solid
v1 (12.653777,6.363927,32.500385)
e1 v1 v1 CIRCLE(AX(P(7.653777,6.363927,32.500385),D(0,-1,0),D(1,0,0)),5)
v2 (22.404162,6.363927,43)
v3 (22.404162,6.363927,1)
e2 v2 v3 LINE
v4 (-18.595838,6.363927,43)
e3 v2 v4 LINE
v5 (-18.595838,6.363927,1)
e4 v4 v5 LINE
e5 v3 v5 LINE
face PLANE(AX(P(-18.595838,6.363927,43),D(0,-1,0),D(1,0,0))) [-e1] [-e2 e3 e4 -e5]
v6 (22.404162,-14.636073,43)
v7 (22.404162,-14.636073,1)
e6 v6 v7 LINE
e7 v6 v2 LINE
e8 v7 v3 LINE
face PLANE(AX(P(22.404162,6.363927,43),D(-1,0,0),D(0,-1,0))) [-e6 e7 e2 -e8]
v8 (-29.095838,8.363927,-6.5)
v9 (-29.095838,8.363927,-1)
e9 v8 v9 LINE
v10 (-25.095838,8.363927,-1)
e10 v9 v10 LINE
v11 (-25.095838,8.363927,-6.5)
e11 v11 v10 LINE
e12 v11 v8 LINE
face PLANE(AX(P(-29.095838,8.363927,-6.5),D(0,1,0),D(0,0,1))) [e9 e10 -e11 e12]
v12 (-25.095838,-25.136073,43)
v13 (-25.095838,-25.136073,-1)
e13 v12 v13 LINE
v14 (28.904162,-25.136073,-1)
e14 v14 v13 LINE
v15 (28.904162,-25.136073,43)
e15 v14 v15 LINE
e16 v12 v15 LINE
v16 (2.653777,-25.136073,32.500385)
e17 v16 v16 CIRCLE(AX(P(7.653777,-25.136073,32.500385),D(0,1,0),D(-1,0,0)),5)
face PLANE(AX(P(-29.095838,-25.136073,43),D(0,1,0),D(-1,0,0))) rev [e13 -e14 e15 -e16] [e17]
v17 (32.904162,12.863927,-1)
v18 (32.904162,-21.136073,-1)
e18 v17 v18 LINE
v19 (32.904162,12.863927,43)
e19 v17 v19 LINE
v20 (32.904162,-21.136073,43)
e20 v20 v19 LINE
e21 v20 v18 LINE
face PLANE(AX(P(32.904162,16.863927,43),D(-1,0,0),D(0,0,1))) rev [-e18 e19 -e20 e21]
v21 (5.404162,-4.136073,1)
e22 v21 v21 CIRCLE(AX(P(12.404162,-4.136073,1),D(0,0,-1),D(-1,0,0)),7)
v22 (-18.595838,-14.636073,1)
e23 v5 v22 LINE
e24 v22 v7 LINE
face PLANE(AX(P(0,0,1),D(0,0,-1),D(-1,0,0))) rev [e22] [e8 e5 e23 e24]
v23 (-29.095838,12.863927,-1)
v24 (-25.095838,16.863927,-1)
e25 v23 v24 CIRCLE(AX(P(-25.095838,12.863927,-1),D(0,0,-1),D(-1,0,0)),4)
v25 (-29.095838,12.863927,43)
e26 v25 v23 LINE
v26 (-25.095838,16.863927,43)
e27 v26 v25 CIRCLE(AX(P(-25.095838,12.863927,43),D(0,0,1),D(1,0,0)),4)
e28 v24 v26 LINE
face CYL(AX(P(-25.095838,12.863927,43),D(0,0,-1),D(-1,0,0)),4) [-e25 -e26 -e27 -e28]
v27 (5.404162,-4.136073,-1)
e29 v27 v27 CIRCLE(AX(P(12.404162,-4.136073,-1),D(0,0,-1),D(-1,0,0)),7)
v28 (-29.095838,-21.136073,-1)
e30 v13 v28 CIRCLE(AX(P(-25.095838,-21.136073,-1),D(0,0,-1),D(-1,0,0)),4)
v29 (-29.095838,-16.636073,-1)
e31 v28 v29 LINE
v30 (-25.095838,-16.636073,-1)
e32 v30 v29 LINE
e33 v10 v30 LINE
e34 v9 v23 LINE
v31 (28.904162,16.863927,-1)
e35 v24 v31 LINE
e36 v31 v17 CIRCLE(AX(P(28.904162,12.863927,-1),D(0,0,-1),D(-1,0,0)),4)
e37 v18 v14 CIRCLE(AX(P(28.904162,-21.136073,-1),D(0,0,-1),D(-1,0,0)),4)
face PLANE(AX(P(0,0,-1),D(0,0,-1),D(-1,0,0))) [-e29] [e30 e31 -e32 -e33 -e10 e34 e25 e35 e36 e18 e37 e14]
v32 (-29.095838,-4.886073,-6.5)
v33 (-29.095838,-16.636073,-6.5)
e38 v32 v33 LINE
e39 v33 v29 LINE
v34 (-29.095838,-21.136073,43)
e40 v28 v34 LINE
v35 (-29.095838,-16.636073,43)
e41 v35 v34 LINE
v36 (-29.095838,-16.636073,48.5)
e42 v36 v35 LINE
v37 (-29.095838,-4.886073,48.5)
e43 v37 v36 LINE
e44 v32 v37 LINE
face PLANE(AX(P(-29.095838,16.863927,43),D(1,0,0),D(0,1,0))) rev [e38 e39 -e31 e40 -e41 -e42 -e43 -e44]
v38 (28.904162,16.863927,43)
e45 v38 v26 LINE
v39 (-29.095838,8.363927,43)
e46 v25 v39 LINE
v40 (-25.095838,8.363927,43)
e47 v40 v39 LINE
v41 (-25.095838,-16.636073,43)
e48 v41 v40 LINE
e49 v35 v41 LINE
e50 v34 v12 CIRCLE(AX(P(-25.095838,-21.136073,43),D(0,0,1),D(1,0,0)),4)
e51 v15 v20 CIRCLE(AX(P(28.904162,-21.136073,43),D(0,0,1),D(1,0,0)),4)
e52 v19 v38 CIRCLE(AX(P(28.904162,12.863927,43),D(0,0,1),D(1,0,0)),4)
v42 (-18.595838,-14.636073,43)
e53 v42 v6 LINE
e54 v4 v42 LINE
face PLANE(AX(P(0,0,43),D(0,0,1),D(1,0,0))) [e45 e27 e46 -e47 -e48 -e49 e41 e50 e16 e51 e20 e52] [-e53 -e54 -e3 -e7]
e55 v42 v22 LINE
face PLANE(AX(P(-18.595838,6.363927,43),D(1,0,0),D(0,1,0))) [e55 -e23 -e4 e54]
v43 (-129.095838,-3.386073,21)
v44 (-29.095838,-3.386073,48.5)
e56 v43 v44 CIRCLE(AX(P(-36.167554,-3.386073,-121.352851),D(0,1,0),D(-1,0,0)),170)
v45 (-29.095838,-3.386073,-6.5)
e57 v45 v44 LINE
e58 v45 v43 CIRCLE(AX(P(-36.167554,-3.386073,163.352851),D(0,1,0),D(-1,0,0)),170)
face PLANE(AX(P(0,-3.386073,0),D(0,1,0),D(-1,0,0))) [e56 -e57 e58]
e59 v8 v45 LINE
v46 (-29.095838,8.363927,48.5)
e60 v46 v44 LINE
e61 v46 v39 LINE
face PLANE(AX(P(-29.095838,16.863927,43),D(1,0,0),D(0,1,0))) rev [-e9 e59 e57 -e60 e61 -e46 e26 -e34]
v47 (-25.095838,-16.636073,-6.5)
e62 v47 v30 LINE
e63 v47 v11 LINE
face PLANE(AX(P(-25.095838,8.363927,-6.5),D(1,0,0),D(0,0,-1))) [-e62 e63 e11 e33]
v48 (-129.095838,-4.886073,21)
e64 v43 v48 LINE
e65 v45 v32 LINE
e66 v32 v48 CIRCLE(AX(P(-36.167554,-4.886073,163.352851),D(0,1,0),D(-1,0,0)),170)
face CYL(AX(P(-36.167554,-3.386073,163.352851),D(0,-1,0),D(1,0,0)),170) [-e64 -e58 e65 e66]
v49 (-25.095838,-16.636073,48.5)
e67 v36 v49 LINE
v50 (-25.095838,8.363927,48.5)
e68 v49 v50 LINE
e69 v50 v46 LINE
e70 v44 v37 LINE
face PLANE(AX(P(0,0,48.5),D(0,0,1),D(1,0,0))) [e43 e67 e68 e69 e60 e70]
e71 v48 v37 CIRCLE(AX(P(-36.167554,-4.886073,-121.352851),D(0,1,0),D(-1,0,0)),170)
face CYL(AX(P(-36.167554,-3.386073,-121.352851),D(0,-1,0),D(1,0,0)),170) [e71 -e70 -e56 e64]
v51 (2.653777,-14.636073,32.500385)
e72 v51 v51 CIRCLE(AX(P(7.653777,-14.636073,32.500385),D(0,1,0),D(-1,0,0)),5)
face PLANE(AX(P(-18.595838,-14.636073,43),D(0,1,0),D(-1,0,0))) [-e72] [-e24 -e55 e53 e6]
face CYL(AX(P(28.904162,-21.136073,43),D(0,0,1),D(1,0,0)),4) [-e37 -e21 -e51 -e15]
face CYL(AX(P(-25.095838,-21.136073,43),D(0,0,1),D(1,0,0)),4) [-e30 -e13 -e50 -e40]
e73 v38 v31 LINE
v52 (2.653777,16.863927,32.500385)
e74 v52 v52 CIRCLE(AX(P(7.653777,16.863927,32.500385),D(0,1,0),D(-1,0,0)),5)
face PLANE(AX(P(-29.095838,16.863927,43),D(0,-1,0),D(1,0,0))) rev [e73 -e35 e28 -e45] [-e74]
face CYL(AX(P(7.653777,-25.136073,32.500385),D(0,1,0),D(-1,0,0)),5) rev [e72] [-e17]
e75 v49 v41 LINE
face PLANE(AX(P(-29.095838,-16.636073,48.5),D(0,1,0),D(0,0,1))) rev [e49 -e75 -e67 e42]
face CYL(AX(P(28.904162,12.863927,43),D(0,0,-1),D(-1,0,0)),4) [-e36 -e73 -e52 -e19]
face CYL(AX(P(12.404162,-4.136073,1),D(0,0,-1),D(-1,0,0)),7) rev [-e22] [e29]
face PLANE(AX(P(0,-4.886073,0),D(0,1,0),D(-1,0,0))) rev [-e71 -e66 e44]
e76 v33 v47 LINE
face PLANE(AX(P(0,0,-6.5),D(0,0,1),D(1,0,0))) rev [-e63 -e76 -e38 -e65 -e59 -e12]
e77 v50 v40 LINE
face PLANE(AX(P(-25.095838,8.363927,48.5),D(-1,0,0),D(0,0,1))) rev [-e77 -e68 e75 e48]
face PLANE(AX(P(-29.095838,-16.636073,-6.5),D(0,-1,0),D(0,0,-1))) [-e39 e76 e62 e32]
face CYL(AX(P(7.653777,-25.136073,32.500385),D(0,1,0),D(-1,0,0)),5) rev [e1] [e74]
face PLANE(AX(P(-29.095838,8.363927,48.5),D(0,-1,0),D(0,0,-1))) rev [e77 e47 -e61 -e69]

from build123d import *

# Parameters (mm, degrees)
SKETCH1_W           = 62
SKETCH1_H           = 42
SKETCH1_W_2         = 41
SKETCH1_H_2         = 21
BOSS_EXTRUDE1_DEPTH = 43
SKETCH2_W           = 4
SKETCH2_H           = 25
BOSS_EXTRUDE2_DEPTH = 5.5
SKETCH_1_R          = 5
CUT_EXTRUDE_1_DEPTH = 42
SKETCH_2_W          = 41
SKETCH_2_H          = 21
SKETCH_2_R          = 7
EXTRUDE_1_DEPTH     = 1
SKETCH_2_3_W        = 62
SKETCH_2_3_H        = 42
SKETCH_2_3_R        = 7
EXTRUDE_2_DEPTH     = 1
FILLET_1_R          = 4
FILLET_2_R          = 4
FILLET_3_R          = 4
FILLET_4_R          = 4
SKETCH2_3_W         = 4
SKETCH2_3_H         = 25
EXTRUDE_3_DEPTH     = 49.5
EXTRUDE_4_DEPTH     = 0.75
EXTRUDE_5_DEPTH     = 0.75


with BuildPart() as part:
    # Sketch1 → Boss-Extrude1 (new body)
    with BuildSketch(Plane.XY):
        with Locations((1.904162196, -4.136072895)):
            Rectangle(SKETCH1_W, SKETCH1_H)
        with Locations((1.904162196, -4.136072895)):
            Rectangle(SKETCH1_W_2, SKETCH1_H_2, mode=Mode.SUBTRACT)
    extrude(amount=BOSS_EXTRUDE1_DEPTH)

    # Sketch2 → Boss-Extrude2 (add)
    with BuildSketch(Plane.XY.offset(43)):
        with Locations((-27.095837804, -4.136072895)):
            Rectangle(SKETCH2_W, SKETCH2_H)
    extrude(amount=BOSS_EXTRUDE2_DEPTH)

    # Sketch 1 → Cut-Extrude 1 (cut)
    with BuildSketch(Plane(origin=(0, 16.863927105, 0), x_dir=(1, 0, 0), z_dir=(0, 1, 0))):
        with Locations((7.653776732, -32.500385465)):
            Circle(SKETCH_1_R)
    extrude(amount=-CUT_EXTRUDE_1_DEPTH, mode=Mode.SUBTRACT)

    # Sketch 2 → Extrude 1 (add)
    with BuildSketch(Plane(origin=(0, 0, 0), x_dir=(-1, 0, 0), z_dir=(0, 0, -1))):
        with Locations((-1.904162196, -4.136072895)):
            Rectangle(SKETCH_2_W, SKETCH_2_H)
        with Locations((-12.404162196, -4.136072895)):
            Circle(SKETCH_2_R, mode=Mode.SUBTRACT)
    extrude(amount=-EXTRUDE_1_DEPTH)

    # Sketch 2_3 → Extrude 2 (add)
    with BuildSketch(Plane(origin=(0, 0, 0), x_dir=(-1, 0, 0), z_dir=(0, 0, -1))):
        with Locations((-1.904162196, -4.136072895)):
            Rectangle(SKETCH_2_3_W, SKETCH_2_3_H)
        with Locations((-12.404162196, -4.136072895)):
            Circle(SKETCH_2_3_R, mode=Mode.SUBTRACT)
    extrude(amount=EXTRUDE_2_DEPTH)

    # Fillet 1
    fillet_1_edges = [part.edges().sort_by_distance(p)[0] for p in [
        (32.904162196, -25.136072895, 21),
    ]]
    fillet(fillet_1_edges, radius=FILLET_1_R)

    # Fillet 2
    fillet_2_edges = [part.edges().sort_by_distance(p)[0] for p in [
        (-29.095837804, -25.136072895, 21),
    ]]
    fillet(fillet_2_edges, radius=FILLET_2_R)

    # Fillet 3
    fillet_3_edges = [part.edges().sort_by_distance(p)[0] for p in [
        (32.904162196, 16.863927105, 21),
    ]]
    fillet(fillet_3_edges, radius=FILLET_3_R)

    # Fillet 4
    fillet_4_edges = [part.edges().sort_by_distance(p)[0] for p in [
        (-29.095837804, 16.863927105, 21),
    ]]
    fillet(fillet_4_edges, radius=FILLET_4_R)

    # Sketch2_3 → Extrude 3 (add)
    with BuildSketch(Plane.XY.offset(43)):
        with Locations((-27.095837804, -4.136072895)):
            Rectangle(SKETCH2_3_W, SKETCH2_3_H)
    extrude(amount=-EXTRUDE_3_DEPTH)

    # Sketch 5 → Extrude 4 (add)
    with BuildSketch(Plane(origin=(0, -4.136072895, 0), x_dir=(1, 0, 0), z_dir=(0, 1, 0))):
        with BuildLine():
            Line((-29.095837804, -21), (-29.095837804, 6.5))
            ThreePointArc((-29.095837804, 6.5), (-81.244156023, 0.562066252), (-129.095837804, -21))
            Line((-129.095837804, -21), (-29.095837804, -21))
        make_face()
        with BuildLine():
            Line((-29.095837804, -48.5), (-29.095837804, -21))
            Line((-29.095837804, -21), (-129.095837804, -21))
            ThreePointArc((-129.095837804, -21), (-81.244156023, -42.562066252), (-29.095837804, -48.5))
        make_face()
    extrude(amount=EXTRUDE_4_DEPTH)

    # Sketch 5_3 → Extrude 5 (add)
    with BuildSketch(Plane(origin=(0, -4.136072895, 0), x_dir=(1, 0, 0), z_dir=(0, 1, 0))):
        with BuildLine():
            Line((-29.095837804, -21), (-29.095837804, 6.5))
            ThreePointArc((-29.095837804, 6.5), (-81.244156023, 0.562066252), (-129.095837804, -21))
            Line((-129.095837804, -21), (-29.095837804, -21))
        make_face()
        with BuildLine():
            Line((-29.095837804, -48.5), (-29.095837804, -21))
            Line((-29.095837804, -21), (-129.095837804, -21))
            ThreePointArc((-129.095837804, -21), (-81.244156023, -42.562066252), (-29.095837804, -48.5))
        make_face()
    extrude(amount=-EXTRUDE_5_DEPTH)


solid = part.part
